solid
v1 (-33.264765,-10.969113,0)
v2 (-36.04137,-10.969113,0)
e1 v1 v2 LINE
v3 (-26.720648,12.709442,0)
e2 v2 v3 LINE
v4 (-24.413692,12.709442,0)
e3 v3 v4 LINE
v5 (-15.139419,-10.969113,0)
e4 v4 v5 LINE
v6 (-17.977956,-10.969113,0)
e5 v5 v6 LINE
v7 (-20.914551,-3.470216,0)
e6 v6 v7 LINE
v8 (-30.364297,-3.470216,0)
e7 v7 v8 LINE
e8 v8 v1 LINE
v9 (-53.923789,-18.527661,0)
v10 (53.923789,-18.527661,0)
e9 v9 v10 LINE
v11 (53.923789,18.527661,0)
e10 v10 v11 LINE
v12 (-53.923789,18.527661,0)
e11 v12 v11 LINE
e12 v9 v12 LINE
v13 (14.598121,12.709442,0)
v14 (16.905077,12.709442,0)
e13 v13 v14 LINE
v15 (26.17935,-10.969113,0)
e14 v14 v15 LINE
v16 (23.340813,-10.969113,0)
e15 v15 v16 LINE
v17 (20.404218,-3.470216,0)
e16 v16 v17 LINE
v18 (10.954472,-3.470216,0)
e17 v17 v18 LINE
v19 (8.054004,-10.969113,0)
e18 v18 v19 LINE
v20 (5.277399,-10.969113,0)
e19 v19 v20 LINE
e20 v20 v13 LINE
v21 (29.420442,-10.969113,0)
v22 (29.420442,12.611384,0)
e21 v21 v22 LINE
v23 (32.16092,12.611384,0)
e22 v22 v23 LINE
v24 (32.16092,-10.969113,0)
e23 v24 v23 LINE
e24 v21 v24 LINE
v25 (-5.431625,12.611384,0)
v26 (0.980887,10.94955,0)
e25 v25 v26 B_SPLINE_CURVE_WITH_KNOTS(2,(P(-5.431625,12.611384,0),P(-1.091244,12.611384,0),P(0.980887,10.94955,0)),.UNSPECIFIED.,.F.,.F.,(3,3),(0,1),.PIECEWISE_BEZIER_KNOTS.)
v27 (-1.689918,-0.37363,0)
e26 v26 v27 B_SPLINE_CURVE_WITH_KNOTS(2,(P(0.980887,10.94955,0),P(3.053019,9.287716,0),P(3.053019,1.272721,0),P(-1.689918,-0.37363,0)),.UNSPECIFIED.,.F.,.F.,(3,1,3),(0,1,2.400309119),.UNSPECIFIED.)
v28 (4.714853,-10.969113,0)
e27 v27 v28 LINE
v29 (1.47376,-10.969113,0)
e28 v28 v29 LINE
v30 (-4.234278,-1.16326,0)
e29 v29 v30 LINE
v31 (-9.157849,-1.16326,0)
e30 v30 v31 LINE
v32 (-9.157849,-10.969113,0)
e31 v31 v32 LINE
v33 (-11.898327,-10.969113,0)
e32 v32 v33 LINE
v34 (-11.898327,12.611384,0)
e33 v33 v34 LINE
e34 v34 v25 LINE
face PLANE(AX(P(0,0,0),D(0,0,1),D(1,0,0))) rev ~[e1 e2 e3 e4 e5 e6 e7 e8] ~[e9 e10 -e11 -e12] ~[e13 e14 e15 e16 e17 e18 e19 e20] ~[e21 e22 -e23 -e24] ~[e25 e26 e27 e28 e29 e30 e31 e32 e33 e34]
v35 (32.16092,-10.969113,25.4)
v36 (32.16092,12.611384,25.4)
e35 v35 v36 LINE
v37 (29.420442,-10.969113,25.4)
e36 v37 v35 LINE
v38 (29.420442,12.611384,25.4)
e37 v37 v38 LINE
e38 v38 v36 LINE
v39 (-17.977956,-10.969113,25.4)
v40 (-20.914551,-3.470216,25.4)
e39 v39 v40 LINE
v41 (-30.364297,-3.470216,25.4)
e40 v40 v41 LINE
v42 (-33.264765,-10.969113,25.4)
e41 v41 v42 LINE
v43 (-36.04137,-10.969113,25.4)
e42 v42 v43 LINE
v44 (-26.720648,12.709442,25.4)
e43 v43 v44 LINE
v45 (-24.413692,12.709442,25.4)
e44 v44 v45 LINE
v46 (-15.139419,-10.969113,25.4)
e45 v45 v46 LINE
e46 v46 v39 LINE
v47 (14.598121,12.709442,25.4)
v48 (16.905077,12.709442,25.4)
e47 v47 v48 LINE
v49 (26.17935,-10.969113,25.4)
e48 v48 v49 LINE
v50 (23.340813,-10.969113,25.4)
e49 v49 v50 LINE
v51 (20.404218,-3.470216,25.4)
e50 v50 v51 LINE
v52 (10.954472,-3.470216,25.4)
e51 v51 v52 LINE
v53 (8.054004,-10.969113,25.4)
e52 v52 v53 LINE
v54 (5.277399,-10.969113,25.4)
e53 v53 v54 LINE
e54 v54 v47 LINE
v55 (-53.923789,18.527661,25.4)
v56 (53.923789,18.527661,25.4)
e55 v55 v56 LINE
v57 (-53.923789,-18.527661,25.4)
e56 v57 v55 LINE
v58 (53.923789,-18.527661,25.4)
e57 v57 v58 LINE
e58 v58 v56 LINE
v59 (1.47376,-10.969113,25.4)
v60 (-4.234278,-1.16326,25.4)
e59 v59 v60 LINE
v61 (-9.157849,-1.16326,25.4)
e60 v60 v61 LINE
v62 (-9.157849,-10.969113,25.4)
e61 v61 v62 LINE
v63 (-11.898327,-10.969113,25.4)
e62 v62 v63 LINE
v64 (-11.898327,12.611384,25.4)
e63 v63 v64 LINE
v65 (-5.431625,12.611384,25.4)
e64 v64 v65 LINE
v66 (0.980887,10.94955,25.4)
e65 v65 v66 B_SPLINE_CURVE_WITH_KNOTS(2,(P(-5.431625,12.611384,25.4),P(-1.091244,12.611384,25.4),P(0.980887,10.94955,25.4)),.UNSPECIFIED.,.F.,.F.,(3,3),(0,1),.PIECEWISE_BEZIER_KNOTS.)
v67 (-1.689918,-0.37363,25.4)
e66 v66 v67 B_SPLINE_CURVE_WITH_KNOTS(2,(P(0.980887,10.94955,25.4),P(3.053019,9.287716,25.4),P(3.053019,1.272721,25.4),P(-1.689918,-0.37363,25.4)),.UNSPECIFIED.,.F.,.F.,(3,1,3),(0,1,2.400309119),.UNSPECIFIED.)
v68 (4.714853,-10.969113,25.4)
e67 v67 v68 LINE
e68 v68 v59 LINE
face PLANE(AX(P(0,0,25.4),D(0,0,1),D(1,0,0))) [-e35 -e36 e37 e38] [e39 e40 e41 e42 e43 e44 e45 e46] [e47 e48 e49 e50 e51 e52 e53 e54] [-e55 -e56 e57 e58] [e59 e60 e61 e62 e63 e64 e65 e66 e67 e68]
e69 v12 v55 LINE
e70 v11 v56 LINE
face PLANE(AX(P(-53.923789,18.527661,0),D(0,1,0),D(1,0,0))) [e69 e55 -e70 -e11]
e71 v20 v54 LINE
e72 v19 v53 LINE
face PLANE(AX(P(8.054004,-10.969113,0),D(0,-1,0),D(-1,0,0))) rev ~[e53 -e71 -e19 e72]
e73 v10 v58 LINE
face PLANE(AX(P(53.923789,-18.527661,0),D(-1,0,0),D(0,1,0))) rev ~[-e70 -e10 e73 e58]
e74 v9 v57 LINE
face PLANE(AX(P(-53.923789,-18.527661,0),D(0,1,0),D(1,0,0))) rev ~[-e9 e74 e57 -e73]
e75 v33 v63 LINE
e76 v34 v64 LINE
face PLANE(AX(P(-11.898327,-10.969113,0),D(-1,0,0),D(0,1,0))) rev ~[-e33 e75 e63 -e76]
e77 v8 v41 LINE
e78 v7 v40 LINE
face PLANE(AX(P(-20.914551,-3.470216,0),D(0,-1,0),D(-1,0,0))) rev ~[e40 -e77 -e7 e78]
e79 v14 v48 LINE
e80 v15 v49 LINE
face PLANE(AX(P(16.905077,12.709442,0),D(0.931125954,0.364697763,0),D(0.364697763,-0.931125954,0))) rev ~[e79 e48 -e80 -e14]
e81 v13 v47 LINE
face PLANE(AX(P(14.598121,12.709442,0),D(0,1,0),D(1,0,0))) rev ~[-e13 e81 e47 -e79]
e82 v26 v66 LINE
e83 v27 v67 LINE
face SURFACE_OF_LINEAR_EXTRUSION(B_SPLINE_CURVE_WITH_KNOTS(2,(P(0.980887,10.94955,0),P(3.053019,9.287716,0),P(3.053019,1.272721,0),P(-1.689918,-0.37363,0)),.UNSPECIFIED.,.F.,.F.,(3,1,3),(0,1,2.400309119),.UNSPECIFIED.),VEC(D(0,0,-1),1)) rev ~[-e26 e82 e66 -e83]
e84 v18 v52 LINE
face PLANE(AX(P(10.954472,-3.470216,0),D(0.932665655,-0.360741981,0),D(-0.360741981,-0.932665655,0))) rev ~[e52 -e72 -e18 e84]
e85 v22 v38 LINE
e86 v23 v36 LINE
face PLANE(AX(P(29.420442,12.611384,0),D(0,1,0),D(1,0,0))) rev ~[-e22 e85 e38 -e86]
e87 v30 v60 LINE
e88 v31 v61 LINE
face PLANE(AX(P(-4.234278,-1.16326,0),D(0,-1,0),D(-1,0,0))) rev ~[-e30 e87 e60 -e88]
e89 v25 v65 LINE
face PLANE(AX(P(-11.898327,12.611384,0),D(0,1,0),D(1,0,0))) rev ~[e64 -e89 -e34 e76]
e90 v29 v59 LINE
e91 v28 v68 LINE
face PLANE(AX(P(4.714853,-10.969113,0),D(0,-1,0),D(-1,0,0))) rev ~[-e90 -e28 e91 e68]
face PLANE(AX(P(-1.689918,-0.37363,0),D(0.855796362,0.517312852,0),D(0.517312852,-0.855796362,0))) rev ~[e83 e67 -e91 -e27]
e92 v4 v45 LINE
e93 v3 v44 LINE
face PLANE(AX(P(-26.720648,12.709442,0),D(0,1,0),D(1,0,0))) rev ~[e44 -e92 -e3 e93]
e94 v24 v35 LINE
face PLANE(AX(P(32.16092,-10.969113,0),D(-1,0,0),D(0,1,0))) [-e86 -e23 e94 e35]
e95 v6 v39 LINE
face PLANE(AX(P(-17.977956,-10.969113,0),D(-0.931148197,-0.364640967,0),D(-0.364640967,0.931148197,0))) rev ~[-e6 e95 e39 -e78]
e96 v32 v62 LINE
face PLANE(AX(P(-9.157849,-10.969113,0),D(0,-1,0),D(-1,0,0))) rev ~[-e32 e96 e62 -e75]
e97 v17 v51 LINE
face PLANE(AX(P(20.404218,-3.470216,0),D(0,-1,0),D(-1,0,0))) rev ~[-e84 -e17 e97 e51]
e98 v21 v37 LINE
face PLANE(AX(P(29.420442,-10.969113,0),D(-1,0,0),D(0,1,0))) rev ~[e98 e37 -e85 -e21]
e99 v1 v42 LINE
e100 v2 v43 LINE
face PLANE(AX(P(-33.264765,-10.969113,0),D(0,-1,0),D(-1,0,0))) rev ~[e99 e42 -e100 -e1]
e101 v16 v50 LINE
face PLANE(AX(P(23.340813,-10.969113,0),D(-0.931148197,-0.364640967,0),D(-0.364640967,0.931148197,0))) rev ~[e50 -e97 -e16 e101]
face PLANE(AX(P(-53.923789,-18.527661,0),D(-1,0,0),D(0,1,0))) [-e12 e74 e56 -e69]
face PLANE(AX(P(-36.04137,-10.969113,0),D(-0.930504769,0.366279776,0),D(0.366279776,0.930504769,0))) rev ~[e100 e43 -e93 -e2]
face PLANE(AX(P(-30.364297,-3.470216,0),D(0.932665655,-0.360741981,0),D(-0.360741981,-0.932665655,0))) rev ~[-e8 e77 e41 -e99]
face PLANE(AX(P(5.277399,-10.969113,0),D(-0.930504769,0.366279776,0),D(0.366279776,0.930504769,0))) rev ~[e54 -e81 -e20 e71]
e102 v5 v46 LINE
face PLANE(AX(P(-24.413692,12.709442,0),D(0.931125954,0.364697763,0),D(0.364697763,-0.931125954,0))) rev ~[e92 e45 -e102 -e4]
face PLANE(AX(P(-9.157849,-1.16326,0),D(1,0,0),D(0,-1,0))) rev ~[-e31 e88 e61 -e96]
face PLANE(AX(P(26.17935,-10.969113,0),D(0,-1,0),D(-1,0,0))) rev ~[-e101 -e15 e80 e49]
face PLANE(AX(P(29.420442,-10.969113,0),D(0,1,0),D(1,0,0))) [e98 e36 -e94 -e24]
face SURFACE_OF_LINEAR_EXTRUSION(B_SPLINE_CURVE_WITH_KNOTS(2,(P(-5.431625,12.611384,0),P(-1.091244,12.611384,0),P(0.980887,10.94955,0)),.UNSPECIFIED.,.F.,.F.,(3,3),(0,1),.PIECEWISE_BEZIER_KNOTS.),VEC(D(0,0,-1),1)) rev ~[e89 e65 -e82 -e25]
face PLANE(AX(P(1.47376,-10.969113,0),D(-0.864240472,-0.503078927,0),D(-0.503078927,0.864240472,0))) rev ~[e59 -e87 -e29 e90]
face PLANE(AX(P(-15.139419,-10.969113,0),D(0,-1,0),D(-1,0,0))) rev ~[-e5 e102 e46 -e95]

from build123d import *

# Parameters (mm, degrees)
F0_W     = 107.8475788236
F0_H     = 37.0553210378
F0_W_2   = 2.7404779285
F0_H_2   = 23.5804965256
F1_DEPTH = 25.4


with BuildPart() as f1:
    # F0 (on Top) → F1 (new body)
    with BuildSketch(Plane.XY):
        Rectangle(F0_W, F0_H)
        Polygon((-15.1394193599, -10.96911286), (-17.9779558206, -10.96911286), (-20.9145508137, -3.4702156283), (-30.3642967402, -3.4702156283), (-33.2647649056, -10.96911286), (-36.0413696617, -10.96911286), (-26.7206481197, 12.7094421979), (-24.4136921234, 12.7094421979), align=None, mode=Mode.SUBTRACT)
        with BuildLine():
            Line((-4.2342783753, -1.163259632), (-9.1578488908, -1.163259632))
            Line((-9.1578488908, -1.163259632), (-9.1578488908, -10.96911286))
            Line((-9.1578488908, -10.96911286), (-11.8983268193, -10.96911286))
            Line((-11.8983268193, -10.96911286), (-11.8983268193, 12.6113836656))
            Line((-11.8983268193, 12.6113836656), (-5.4316246642, 12.6113836656))
            add(Edge.make_bspline(
                [(-5.4316246642, 12.6113836656), (-1.091244367, 12.6113836656), (0.9808872494, 10.9495495922)],
                knots=[0, 0, 0, 1, 1, 1], degree=2))
            add(Edge.make_bspline(
                [(0.9808872494, 10.9495495922), (3.0530188657, 9.2877155188), (3.0530188657, 5.9485644459)],
                knots=[0, 0, 0, 1, 1, 1], degree=2))
            add(Edge.make_bspline(
                [(3.0530188657, 5.9485644459), (3.0530188657, 1.2727207488), (-1.6899175114, -0.3736303984)],
                knots=[0, 0, 0, 1, 1, 1], degree=2))
            Line((-1.6899175114, -0.3736303984), (4.7148529391, -10.96911286))
            Line((4.7148529391, -10.96911286), (1.4737603985, -10.96911286))
            Line((1.4737603985, -10.96911286), (-4.2342783753, -1.163259632))
        make_face(mode=Mode.SUBTRACT)
        Polygon((26.1793495576, -10.96911286), (23.3408130969, -10.96911286), (20.4042181039, -3.4702156283), (10.9544721773, -3.4702156283), (8.054004012, -10.96911286), (5.2773992558, -10.96911286), (14.5981207978, 12.7094421979), (16.9050767941, 12.7094421979), align=None, mode=Mode.SUBTRACT)
        with Locations((30.7906810625, 0.8211354028)):
            Rectangle(F0_W_2, F0_H_2, mode=Mode.SUBTRACT)
    extrude(amount=F1_DEPTH)


solid = f1.part
